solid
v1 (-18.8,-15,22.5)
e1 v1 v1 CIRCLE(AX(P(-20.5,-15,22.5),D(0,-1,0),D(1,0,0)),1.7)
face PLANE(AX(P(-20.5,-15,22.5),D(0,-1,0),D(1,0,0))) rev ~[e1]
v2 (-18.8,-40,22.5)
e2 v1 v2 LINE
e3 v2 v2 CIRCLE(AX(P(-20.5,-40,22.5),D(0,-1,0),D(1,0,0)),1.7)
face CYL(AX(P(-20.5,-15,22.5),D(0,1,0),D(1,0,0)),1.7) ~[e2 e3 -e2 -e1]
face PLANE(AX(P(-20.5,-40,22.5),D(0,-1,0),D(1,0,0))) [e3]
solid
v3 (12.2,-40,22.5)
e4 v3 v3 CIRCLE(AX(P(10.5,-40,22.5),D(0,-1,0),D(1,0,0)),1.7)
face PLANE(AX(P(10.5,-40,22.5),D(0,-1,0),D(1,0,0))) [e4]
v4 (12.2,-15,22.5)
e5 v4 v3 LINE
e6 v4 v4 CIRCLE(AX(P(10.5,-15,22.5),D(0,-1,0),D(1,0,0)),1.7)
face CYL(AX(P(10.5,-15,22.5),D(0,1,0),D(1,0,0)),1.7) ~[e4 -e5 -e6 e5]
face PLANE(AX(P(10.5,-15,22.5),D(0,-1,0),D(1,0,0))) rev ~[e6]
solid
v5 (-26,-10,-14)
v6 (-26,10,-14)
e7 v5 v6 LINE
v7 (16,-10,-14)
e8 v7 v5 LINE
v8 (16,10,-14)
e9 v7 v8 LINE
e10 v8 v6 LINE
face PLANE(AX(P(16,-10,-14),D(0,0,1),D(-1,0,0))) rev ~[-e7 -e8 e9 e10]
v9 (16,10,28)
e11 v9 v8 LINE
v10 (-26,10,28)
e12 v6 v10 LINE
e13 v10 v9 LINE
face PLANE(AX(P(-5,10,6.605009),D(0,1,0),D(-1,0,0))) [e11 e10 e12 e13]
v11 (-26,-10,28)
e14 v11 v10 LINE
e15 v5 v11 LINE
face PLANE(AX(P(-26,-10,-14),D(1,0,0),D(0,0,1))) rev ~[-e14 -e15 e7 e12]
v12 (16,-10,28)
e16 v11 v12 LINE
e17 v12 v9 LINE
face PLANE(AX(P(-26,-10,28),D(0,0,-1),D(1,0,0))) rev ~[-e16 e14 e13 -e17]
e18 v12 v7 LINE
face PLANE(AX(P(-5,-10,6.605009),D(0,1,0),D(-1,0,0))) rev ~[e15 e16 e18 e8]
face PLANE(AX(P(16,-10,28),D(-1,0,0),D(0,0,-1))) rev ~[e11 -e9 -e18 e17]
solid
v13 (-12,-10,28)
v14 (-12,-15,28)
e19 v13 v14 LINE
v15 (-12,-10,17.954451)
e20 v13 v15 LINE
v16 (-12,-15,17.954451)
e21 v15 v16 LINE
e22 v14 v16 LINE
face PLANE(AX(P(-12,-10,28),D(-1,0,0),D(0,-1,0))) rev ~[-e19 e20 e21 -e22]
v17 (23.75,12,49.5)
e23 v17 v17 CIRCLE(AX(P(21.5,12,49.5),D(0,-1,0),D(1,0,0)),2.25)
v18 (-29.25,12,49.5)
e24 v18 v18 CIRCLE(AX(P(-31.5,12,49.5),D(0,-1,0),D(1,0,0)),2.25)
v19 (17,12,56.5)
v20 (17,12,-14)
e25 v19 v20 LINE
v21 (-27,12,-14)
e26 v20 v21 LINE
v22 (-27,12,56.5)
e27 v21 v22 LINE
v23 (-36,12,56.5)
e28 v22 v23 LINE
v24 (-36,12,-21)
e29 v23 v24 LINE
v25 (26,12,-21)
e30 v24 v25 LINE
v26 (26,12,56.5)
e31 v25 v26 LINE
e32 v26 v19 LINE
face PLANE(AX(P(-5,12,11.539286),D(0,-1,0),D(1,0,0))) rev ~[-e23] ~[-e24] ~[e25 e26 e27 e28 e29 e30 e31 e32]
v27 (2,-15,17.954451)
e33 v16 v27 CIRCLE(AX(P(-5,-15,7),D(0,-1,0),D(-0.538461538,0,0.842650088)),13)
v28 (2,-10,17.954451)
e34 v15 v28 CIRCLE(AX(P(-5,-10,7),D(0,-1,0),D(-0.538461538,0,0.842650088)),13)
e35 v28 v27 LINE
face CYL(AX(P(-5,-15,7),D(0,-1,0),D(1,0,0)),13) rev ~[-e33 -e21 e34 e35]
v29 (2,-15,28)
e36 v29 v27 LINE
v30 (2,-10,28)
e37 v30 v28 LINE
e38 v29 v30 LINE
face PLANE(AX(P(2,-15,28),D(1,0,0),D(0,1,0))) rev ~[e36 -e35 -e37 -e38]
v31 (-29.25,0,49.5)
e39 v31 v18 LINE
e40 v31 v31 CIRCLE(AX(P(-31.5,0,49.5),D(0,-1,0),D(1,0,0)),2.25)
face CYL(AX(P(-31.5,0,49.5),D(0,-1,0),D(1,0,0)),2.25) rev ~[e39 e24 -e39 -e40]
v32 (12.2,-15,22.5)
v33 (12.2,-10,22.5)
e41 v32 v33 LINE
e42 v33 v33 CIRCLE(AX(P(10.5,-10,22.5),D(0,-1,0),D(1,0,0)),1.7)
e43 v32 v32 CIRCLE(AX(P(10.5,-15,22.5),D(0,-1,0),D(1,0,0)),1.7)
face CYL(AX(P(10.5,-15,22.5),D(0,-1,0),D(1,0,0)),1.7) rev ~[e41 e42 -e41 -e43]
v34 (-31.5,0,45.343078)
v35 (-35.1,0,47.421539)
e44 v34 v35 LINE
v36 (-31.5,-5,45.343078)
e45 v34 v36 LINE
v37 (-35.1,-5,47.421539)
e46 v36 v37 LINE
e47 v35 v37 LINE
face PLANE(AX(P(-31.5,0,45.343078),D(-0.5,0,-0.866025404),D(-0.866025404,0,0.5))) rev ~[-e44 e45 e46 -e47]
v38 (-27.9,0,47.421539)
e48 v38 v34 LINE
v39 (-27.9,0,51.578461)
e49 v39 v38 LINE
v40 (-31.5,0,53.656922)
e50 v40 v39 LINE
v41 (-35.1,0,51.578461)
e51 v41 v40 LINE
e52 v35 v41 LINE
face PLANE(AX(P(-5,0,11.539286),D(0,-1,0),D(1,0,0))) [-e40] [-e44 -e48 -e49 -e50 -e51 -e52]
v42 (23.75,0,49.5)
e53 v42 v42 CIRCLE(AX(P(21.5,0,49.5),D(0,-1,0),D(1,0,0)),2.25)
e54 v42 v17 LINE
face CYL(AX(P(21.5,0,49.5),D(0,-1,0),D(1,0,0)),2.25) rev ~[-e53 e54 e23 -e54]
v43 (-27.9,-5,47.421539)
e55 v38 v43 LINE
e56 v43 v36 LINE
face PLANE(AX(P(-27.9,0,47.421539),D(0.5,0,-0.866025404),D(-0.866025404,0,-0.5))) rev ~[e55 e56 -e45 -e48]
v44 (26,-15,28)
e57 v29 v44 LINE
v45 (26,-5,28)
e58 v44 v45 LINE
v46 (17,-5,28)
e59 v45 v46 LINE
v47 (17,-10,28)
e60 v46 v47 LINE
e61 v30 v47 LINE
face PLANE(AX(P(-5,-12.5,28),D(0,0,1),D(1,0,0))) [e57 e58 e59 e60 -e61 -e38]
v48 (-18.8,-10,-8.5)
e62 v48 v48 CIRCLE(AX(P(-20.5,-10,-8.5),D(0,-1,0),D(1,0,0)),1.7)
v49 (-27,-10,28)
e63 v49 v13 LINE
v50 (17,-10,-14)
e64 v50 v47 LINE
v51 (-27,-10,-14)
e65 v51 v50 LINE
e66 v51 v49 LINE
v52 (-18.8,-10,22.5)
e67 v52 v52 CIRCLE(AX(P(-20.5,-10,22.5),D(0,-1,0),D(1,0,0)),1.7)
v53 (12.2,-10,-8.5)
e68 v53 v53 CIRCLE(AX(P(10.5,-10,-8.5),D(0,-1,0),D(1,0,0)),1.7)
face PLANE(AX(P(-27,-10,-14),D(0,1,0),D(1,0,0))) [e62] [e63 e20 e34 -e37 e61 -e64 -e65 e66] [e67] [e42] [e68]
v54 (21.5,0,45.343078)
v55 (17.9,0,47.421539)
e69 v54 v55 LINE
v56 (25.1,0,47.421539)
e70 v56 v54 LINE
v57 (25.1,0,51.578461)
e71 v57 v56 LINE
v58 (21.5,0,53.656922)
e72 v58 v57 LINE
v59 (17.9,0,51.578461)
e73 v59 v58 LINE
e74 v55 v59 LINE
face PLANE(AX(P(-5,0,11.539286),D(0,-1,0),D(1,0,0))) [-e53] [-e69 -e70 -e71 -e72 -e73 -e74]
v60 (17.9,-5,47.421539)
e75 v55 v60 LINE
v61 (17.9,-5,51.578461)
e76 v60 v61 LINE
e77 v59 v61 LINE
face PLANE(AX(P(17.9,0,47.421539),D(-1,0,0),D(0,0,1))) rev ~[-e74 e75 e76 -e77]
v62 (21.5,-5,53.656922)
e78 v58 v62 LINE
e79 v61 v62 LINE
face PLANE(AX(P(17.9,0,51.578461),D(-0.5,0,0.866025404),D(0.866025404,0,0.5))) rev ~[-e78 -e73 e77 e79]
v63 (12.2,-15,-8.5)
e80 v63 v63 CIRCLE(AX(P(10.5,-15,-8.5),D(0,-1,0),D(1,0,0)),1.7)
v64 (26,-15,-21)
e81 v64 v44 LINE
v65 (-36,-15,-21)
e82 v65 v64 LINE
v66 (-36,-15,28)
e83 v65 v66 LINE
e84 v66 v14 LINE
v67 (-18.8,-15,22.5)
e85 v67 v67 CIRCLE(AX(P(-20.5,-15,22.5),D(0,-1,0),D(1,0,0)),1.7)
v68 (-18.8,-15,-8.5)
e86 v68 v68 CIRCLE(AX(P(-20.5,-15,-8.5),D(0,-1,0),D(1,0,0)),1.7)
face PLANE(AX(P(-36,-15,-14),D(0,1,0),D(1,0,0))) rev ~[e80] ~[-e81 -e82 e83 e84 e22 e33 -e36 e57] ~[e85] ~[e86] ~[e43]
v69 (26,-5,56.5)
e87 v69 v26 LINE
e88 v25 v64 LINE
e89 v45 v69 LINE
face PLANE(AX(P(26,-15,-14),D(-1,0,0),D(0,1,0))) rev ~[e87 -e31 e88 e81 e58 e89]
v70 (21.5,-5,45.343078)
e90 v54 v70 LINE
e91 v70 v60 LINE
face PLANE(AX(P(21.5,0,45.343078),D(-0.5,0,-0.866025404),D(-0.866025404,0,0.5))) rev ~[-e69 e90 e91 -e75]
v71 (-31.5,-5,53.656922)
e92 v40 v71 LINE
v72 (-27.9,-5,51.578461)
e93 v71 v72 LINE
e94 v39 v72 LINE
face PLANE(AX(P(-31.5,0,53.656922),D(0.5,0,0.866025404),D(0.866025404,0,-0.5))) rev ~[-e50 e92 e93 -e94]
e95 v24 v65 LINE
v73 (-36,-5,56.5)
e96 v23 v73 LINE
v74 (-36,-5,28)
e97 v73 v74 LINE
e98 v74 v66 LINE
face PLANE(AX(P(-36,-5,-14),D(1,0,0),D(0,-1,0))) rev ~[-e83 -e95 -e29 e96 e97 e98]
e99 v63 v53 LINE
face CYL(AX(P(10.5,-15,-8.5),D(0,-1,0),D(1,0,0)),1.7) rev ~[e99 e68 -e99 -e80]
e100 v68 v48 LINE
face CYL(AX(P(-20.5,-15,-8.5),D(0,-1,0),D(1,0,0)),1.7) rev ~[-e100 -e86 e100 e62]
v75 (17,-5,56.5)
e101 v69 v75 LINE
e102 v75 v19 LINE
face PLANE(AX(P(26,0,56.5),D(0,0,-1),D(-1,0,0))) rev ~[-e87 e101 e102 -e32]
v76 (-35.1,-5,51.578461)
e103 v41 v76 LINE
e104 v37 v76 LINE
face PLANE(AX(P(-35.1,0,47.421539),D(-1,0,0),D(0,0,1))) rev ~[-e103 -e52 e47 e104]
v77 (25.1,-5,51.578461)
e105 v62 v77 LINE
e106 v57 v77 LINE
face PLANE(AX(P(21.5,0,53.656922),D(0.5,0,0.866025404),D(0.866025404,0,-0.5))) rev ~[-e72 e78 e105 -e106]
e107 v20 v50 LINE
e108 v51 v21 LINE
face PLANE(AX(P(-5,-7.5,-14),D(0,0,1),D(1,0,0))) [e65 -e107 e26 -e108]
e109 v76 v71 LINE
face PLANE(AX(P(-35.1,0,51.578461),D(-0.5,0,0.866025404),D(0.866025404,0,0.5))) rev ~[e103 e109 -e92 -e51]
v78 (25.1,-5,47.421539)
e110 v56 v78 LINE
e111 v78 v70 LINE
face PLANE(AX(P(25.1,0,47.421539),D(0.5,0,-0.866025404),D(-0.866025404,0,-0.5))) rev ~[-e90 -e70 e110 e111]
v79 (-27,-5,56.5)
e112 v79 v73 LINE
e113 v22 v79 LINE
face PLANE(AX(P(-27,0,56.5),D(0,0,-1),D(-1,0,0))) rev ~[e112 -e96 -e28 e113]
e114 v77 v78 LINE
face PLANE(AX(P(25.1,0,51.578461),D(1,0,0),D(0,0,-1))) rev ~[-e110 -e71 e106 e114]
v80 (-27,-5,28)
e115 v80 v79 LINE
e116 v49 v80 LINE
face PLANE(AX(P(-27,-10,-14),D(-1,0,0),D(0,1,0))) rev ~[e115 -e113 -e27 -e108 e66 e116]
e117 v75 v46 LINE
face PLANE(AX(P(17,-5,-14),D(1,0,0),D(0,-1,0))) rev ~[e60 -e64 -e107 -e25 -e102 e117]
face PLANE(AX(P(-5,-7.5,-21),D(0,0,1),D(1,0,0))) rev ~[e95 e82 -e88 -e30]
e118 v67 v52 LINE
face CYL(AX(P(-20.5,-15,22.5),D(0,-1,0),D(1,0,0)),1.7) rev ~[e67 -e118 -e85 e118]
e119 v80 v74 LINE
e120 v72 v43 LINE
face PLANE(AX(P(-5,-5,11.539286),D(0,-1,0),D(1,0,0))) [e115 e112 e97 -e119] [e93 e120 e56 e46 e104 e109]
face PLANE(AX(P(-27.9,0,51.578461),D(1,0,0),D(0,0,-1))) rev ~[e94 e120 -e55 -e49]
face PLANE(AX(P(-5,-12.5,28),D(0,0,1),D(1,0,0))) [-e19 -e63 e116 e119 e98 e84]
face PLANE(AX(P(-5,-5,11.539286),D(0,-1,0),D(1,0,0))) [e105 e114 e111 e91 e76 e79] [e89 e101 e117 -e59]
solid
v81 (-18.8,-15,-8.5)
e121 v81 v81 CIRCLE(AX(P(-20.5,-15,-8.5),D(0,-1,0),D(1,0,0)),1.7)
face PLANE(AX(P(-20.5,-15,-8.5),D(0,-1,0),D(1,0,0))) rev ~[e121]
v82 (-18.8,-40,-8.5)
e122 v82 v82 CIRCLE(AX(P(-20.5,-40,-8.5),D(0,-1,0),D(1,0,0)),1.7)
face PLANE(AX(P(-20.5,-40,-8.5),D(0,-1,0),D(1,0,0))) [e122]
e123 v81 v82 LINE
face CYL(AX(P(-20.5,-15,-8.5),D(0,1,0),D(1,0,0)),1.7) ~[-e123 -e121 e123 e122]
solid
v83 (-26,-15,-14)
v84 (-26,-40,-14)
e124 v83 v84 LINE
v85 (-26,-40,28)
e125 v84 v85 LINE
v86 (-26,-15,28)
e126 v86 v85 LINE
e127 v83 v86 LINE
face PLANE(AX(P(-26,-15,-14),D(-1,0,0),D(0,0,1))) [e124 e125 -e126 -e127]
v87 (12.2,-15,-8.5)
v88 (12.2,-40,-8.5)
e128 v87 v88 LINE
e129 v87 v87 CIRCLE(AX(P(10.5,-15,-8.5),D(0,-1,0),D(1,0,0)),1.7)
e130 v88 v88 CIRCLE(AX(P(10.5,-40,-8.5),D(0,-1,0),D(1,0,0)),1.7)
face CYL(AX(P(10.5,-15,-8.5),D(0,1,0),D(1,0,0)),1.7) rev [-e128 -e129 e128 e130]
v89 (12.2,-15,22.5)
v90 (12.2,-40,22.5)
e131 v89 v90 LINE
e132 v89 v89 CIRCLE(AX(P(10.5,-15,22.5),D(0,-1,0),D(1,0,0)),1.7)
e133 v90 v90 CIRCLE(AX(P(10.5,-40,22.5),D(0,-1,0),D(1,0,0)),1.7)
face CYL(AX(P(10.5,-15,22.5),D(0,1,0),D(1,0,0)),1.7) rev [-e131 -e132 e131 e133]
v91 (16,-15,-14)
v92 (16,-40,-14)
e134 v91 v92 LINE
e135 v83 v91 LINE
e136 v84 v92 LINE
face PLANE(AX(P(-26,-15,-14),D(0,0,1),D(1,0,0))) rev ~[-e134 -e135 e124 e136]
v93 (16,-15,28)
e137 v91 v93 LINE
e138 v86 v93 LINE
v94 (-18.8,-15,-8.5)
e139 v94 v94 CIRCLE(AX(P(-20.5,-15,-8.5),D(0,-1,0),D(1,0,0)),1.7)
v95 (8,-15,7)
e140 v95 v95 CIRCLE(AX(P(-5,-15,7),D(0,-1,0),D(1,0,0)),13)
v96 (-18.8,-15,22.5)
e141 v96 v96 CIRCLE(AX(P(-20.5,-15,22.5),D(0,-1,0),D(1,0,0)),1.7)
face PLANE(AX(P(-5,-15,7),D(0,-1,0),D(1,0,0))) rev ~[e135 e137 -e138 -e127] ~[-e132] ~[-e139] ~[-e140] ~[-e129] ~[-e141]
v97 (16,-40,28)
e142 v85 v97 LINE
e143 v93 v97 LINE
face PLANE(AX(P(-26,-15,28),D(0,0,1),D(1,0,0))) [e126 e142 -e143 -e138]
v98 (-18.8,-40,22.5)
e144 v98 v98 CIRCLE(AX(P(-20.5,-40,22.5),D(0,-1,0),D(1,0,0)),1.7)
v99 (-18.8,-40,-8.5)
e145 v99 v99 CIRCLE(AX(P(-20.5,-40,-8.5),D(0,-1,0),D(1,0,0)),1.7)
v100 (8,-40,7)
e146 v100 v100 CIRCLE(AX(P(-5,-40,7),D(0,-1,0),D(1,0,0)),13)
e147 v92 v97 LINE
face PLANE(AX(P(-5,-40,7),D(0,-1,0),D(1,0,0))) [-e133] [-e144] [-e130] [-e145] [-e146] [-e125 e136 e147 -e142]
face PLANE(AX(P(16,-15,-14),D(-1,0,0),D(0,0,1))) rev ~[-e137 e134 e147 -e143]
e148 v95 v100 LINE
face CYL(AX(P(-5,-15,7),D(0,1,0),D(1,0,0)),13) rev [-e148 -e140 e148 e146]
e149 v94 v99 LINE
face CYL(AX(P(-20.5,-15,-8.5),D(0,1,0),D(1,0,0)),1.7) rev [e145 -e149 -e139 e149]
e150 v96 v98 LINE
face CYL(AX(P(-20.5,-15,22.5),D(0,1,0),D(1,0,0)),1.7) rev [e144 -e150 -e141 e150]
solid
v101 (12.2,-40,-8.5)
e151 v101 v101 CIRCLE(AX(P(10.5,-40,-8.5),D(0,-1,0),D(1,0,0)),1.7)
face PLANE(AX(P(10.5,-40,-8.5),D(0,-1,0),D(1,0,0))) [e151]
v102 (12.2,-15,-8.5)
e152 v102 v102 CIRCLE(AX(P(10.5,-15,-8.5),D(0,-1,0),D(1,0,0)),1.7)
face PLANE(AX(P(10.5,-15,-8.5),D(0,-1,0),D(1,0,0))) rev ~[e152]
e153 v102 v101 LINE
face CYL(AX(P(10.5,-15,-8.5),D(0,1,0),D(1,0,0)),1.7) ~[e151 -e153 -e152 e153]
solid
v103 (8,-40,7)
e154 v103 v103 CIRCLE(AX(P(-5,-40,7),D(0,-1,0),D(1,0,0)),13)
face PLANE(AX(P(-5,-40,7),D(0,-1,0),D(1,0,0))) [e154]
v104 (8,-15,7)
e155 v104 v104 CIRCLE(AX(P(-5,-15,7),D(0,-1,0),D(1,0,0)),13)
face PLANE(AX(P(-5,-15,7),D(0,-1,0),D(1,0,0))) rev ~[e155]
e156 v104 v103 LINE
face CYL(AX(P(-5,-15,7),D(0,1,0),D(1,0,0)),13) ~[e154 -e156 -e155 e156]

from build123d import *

# Parameters (mm, degrees)
F1_R      = 2.25
F2_DEPTH  = 12
F4_DEPTH  = 5
F5_W      = 44
F5_H      = 5
F6_DEPTH  = 7
F7_DEPTH  = 42
F8_R      = 1.7
F8_R_2    = 13
F9_DEPTH  = 5
F11_REACH = 63.8670687473
F12_R     = 1.7
F13_DEPTH = 20
F14_W     = 42
F14_H     = 42
F14_R     = 1.7
F14_R_2   = 13
F15_DEPTH = 25


with BuildPart() as f2:
    # F1 (on Front) → F2 (new body)
    with BuildSketch(Plane.XZ):
        Polygon((-27, 56.5), (-36, 56.5), (-36, -21), (26, -21), (26, 56.5), (17, 56.5), (17, -14), (-27, -14), align=None)
        with Locations((-31.5, 49.5)):
            Circle(F1_R, mode=Mode.SUBTRACT)
        with Locations((21.5, 49.5)):
            Circle(F1_R, mode=Mode.SUBTRACT)
    extrude(amount=-F2_DEPTH)

    # F3 (on face) → F4 (join)
    with BuildSketch(Plane.XZ):
        Polygon((-27, -14), (-27, 56.5), (-36, 56.5), (-36, -21), (26, -21), (26, 56.5), (17, 56.5), (17, -14), align=None)
        Polygon((-31.5, 53.6569219382), (-27.9, 51.5784609691), (-27.9, 47.4215390309), (-31.5, 45.3430780618), (-35.1, 47.4215390309), (-35.1, 51.5784609691), align=None, mode=Mode.SUBTRACT)
        Polygon((21.5, 53.6569219382), (25.1, 51.5784609691), (25.1, 47.4215390309), (21.5, 45.3430780618), (17.9, 47.4215390309), (17.9, 51.5784609691), align=None, mode=Mode.SUBTRACT)
    extrude(amount=F4_DEPTH)

    # F5 (on face) → F6 (join, through all)
    with BuildSketch(Plane.XY.offset(-14)):
        with Locations((-5, -7.5)):
            Rectangle(F5_W, F5_H)
        with Locations((-5, -12.5)):
            Rectangle(F5_W, F5_H)
        Polygon((-27, -10), (-27, -5), (-36, -5), (-36, -15), (-27, -15), align=None)
        Polygon((26, -5), (17, -5), (17, -10), (17, -15), (26, -15), align=None)
    extrude(amount=-F6_DEPTH)

    # F5 (on face) → F7 (join)
    with BuildSketch(Plane.XY.offset(-14)):
        with Locations((-5, -12.5)):
            Rectangle(F5_W, F5_H)
        Polygon((-27, -10), (-27, -5), (-36, -5), (-36, -15), (-27, -15), align=None)
        Polygon((26, -5), (17, -5), (17, -10), (17, -15), (26, -15), align=None)
    extrude(amount=F7_DEPTH)

    # F8 (on face) → F9 (cut, through all)
    with BuildSketch(Plane.XZ.offset(15)):
        with Locations((-20.5, 22.5)):
            Circle(F8_R)
        with Locations((-5, 7)):
            Circle(F8_R_2)
        with Locations((-20.5, -8.5)):
            Circle(F8_R)
        with Locations((10.5, -8.5)):
            Circle(F8_R)
        with Locations((10.5, 22.5)):
            Circle(F8_R)
    extrude(amount=-F9_DEPTH, mode=Mode.SUBTRACT)

    f11_end = f2.faces().sort_by_distance((-18, -12.5, 7))[0]
    # F10 (on face) → F11 (cut, up to a face of the model that its end follows)
    with BuildSketch(Plane.XY.offset(28)):
        Polygon((2, -10), (-5, -10), (-12, -10), (-12, -15), (2, -15), align=None)
    f11_long = extrude(amount=-F11_REACH, mode=Mode.PRIVATE)
    add(split(f11_long, bisect_by=f11_end, keep=Keep.ALL, mode=Mode.PRIVATE).solids().sort_by_distance((-5, -12.5, 28))[0], mode=Mode.SUBTRACT)


with BuildPart() as f13:
    # F12 (on face) → F13 (new body)
    with BuildSketch(Plane(origin=(0, -10, 0), x_dir=(-1, 0, 0), z_dir=(0, 1, 0))):
        with BuildLine():
            Line((-16, -14), (26, -14))
            Line((26, -14), (26, 28))
            Line((26, 28), (12, 28))
            Line((12, 28), (12, 17.9544511501))
            ThreePointArc((12, 17.9544511501), (5, -6), (-2, 17.9544511501))
            Line((-2, 17.9544511501), (-2, 28))
            Line((-2, 28), (-16, 28))
            Line((-16, 28), (-16, -14))
        make_face()
        with Locations((-10.5, -8.5)):
            Circle(F12_R, mode=Mode.SUBTRACT)
        with Locations((20.5, -8.5)):
            Circle(F12_R, mode=Mode.SUBTRACT)
        with Locations((-10.5, 22.5)):
            Circle(F12_R, mode=Mode.SUBTRACT)
        with Locations((20.5, 22.5)):
            Circle(F12_R, mode=Mode.SUBTRACT)
        with BuildLine():
            Line((12, 17.9544511501), (12, 28))
            Line((12, 28), (-2, 28))
            Line((-2, 28), (-2, 17.9544511501))
            ThreePointArc((-2, 17.9544511501), (5, -6), (12, 17.9544511501))
        make_face()
        with Locations((20.5, 22.5)):
            Circle(F12_R)
        with Locations((-10.5, 22.5)):
            Circle(F12_R)
        with Locations((-10.5, -8.5)):
            Circle(F12_R)
        with Locations((20.5, -8.5)):
            Circle(F12_R)
    extrude(amount=F13_DEPTH)


with BuildPart() as f15:
    # F14 (on face) → F15 (new body)
    with BuildSketch(Plane.XZ.offset(15)):
        with Locations((-5, 7)):
            Rectangle(F14_W, F14_H)
        with Locations((-20.5, -8.5)):
            Circle(F14_R, mode=Mode.SUBTRACT)
        with Locations((10.5, -8.5)):
            Circle(F14_R, mode=Mode.SUBTRACT)
        with Locations((-20.5, 22.5)):
            Circle(F14_R, mode=Mode.SUBTRACT)
        with Locations((-5, 7)):
            Circle(F14_R_2, mode=Mode.SUBTRACT)
        with Locations((10.5, 22.5)):
            Circle(F14_R, mode=Mode.SUBTRACT)
    extrude(amount=F15_DEPTH)


with BuildPart() as f15b:
    # F8 (on face) → F15, piece 2 (new body)
    with BuildSketch(Plane.XZ.offset(15)):
        with Locations((-20.5, 22.5)):
            Circle(F8_R)
    extrude(amount=F15_DEPTH)


with BuildPart() as f15c:
    # F8 (on face) → F15, piece 3 (new body)
    with BuildSketch(Plane.XZ.offset(15)):
        with Locations((-5, 7)):
            Circle(F8_R_2)
    extrude(amount=F15_DEPTH)


with BuildPart() as f15d:
    # F8 (on face) → F15, piece 4 (new body)
    with BuildSketch(Plane.XZ.offset(15)):
        with Locations((-20.5, -8.5)):
            Circle(F8_R)
    extrude(amount=F15_DEPTH)


with BuildPart() as f15e:
    # F8 (on face) → F15, piece 5 (new body)
    with BuildSketch(Plane.XZ.offset(15)):
        with Locations((10.5, 22.5)):
            Circle(F8_R)
    extrude(amount=F15_DEPTH)


with BuildPart() as f15f:
    # F8 (on face) → F15, piece 6 (new body)
    with BuildSketch(Plane.XZ.offset(15)):
        with Locations((10.5, -8.5)):
            Circle(F8_R)
    extrude(amount=F15_DEPTH)


solid = Compound([f2.part, f13.part, f15.part, f15b.part, f15c.part, f15d.part, f15e.part, f15f.part])
